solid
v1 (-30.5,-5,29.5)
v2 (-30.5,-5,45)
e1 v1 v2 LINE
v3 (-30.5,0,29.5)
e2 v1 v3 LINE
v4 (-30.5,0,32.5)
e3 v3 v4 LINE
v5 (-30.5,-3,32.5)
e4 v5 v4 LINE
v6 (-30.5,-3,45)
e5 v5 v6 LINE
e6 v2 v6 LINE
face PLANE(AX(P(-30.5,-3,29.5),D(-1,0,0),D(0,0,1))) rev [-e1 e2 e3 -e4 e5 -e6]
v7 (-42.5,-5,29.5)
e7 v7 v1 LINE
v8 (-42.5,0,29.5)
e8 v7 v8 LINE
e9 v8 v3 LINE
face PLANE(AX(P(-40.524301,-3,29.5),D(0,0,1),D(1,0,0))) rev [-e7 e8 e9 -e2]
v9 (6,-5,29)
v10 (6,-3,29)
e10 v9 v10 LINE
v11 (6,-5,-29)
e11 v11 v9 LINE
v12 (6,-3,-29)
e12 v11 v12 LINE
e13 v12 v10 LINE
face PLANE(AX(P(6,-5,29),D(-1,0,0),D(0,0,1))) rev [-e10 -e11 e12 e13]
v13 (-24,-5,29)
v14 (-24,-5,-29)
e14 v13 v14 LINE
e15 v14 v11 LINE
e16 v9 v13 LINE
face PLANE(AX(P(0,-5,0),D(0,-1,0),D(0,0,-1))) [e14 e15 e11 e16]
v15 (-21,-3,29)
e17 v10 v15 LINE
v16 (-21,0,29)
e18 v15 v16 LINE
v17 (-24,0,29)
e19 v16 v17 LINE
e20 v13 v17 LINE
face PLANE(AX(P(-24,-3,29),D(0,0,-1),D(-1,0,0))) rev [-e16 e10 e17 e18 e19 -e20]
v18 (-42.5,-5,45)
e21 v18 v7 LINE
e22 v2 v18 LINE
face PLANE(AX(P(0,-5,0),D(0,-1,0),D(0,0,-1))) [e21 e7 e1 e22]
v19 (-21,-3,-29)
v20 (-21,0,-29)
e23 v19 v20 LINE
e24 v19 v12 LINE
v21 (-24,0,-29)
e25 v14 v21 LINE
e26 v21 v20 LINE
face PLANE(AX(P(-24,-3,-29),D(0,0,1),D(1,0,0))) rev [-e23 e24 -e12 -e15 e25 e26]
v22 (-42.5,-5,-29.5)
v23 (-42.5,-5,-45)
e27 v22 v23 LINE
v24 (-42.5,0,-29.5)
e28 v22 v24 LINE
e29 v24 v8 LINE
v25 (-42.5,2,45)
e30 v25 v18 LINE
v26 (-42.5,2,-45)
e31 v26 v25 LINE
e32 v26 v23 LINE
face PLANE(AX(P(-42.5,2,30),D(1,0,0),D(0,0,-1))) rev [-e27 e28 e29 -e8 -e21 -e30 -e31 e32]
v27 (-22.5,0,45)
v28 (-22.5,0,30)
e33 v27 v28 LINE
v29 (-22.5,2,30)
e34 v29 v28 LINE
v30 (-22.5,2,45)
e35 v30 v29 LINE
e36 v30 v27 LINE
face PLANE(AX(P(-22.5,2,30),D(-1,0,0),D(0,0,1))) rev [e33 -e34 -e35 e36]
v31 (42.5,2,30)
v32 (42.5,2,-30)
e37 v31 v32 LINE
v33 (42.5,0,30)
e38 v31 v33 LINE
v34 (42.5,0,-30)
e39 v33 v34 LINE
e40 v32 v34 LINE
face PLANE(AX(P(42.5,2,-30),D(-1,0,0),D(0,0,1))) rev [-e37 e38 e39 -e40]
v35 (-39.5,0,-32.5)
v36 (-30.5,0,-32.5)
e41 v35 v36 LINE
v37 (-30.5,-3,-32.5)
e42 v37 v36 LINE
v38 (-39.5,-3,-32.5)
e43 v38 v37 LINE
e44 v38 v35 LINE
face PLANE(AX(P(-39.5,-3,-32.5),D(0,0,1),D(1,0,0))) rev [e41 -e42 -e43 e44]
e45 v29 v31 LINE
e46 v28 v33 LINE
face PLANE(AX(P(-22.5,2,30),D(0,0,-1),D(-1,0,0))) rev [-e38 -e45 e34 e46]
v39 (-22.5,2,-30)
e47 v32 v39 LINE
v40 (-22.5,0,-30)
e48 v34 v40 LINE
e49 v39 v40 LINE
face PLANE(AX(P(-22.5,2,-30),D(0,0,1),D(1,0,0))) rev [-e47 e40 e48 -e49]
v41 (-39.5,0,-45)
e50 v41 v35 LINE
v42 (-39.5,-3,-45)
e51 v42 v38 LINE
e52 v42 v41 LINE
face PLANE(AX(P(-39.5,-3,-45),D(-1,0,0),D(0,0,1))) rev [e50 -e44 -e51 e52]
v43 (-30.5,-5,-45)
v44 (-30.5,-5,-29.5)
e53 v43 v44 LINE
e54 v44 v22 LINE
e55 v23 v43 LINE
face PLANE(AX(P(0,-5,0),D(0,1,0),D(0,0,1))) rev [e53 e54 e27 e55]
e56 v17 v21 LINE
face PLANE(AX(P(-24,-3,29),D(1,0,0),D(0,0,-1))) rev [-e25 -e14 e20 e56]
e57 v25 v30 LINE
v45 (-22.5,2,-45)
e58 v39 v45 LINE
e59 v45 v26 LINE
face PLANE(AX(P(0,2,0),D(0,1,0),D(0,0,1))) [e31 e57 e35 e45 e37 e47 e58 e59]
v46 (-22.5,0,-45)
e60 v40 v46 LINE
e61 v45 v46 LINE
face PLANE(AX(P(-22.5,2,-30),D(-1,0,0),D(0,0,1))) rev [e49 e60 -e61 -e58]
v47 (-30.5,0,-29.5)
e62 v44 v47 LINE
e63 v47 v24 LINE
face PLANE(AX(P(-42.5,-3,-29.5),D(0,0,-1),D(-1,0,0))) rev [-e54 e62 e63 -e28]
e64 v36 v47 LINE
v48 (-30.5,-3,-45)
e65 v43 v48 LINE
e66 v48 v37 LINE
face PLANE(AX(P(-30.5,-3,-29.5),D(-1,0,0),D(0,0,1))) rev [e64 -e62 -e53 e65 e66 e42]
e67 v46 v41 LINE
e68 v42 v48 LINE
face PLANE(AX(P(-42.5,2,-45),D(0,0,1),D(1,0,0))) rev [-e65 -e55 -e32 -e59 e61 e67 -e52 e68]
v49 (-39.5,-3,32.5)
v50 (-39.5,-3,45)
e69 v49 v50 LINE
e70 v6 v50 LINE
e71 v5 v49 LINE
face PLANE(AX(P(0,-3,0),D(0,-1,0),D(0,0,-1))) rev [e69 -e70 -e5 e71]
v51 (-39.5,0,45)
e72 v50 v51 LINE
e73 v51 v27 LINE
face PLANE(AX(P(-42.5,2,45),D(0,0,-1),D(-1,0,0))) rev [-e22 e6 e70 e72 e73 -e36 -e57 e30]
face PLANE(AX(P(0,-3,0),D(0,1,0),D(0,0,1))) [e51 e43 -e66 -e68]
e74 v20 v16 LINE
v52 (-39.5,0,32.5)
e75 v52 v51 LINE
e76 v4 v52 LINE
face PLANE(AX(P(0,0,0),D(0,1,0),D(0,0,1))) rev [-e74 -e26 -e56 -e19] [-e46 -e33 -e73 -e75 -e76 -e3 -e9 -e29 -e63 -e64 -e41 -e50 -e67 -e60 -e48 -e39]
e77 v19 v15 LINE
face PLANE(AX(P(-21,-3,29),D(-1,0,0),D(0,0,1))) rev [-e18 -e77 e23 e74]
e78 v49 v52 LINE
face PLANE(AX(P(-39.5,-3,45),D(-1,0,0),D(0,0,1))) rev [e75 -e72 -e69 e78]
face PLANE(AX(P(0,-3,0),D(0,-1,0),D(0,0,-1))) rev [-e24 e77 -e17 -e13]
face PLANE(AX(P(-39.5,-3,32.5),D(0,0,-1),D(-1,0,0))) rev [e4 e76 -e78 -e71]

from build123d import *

# Parameters (mm, degrees)
BOSS_EXTRUDE1_DEPTH = 2
SKETCH2_W           = 3
SKETCH2_H           = 58
BOSS_EXTRUDE2_DEPTH = 3
SKETCH3_W           = 12
SKETCH3_H           = 15.5
SKETCH3_W_2         = 30
SKETCH3_H_2         = 58
BOSS_EXTRUDE3_DEPTH = 2


with BuildPart() as part:
    # Sketch1 → Boss-Extrude1 (new body)
    with BuildSketch(Plane(origin=(0, 0, 0), x_dir=(1, 0, 0), z_dir=(0, 1, 0))):
        Polygon((-22.5, 30), (42.5, 30), (42.5, -30), (-22.5, -30), (-22.5, -45), (-42.5, -45), (-42.5, -30), (-42.5, 30), (-42.5, 45), (-22.5, 45), align=None)
    extrude(amount=BOSS_EXTRUDE1_DEPTH)

    # Sketch2 → Boss-Extrude2 (add)
    with BuildSketch(Plane.XZ):
        Polygon((-42.5, -45), (-39.5, -45), (-39.5, -32.5), (-30.5, -32.5), (-30.5, -29.5), (-40.524301108, -29.5), (-42.5, -29.5), align=None)
        with Locations((-22.5, 0)):
            Rectangle(SKETCH2_W, SKETCH2_H)
        Polygon((-42.5, 45), (-39.5, 45), (-39.5, 32.5), (-30.5, 32.5), (-30.5, 29.5), (-40.524301108, 29.5), (-42.5, 29.5), align=None)
    extrude(amount=BOSS_EXTRUDE2_DEPTH)

    # Sketch3 → Boss-Extrude3 (add)
    with BuildSketch(Plane.XZ.offset(3)):
        with Locations((-36.5, 37.25)):
            Rectangle(SKETCH3_W, SKETCH3_H)
        with Locations((-36.5, -37.25)):
            Rectangle(SKETCH3_W, SKETCH3_H)
        with Locations((-9, 0)):
            Rectangle(SKETCH3_W_2, SKETCH3_H_2)
    extrude(amount=BOSS_EXTRUDE3_DEPTH)


solid = part.part
